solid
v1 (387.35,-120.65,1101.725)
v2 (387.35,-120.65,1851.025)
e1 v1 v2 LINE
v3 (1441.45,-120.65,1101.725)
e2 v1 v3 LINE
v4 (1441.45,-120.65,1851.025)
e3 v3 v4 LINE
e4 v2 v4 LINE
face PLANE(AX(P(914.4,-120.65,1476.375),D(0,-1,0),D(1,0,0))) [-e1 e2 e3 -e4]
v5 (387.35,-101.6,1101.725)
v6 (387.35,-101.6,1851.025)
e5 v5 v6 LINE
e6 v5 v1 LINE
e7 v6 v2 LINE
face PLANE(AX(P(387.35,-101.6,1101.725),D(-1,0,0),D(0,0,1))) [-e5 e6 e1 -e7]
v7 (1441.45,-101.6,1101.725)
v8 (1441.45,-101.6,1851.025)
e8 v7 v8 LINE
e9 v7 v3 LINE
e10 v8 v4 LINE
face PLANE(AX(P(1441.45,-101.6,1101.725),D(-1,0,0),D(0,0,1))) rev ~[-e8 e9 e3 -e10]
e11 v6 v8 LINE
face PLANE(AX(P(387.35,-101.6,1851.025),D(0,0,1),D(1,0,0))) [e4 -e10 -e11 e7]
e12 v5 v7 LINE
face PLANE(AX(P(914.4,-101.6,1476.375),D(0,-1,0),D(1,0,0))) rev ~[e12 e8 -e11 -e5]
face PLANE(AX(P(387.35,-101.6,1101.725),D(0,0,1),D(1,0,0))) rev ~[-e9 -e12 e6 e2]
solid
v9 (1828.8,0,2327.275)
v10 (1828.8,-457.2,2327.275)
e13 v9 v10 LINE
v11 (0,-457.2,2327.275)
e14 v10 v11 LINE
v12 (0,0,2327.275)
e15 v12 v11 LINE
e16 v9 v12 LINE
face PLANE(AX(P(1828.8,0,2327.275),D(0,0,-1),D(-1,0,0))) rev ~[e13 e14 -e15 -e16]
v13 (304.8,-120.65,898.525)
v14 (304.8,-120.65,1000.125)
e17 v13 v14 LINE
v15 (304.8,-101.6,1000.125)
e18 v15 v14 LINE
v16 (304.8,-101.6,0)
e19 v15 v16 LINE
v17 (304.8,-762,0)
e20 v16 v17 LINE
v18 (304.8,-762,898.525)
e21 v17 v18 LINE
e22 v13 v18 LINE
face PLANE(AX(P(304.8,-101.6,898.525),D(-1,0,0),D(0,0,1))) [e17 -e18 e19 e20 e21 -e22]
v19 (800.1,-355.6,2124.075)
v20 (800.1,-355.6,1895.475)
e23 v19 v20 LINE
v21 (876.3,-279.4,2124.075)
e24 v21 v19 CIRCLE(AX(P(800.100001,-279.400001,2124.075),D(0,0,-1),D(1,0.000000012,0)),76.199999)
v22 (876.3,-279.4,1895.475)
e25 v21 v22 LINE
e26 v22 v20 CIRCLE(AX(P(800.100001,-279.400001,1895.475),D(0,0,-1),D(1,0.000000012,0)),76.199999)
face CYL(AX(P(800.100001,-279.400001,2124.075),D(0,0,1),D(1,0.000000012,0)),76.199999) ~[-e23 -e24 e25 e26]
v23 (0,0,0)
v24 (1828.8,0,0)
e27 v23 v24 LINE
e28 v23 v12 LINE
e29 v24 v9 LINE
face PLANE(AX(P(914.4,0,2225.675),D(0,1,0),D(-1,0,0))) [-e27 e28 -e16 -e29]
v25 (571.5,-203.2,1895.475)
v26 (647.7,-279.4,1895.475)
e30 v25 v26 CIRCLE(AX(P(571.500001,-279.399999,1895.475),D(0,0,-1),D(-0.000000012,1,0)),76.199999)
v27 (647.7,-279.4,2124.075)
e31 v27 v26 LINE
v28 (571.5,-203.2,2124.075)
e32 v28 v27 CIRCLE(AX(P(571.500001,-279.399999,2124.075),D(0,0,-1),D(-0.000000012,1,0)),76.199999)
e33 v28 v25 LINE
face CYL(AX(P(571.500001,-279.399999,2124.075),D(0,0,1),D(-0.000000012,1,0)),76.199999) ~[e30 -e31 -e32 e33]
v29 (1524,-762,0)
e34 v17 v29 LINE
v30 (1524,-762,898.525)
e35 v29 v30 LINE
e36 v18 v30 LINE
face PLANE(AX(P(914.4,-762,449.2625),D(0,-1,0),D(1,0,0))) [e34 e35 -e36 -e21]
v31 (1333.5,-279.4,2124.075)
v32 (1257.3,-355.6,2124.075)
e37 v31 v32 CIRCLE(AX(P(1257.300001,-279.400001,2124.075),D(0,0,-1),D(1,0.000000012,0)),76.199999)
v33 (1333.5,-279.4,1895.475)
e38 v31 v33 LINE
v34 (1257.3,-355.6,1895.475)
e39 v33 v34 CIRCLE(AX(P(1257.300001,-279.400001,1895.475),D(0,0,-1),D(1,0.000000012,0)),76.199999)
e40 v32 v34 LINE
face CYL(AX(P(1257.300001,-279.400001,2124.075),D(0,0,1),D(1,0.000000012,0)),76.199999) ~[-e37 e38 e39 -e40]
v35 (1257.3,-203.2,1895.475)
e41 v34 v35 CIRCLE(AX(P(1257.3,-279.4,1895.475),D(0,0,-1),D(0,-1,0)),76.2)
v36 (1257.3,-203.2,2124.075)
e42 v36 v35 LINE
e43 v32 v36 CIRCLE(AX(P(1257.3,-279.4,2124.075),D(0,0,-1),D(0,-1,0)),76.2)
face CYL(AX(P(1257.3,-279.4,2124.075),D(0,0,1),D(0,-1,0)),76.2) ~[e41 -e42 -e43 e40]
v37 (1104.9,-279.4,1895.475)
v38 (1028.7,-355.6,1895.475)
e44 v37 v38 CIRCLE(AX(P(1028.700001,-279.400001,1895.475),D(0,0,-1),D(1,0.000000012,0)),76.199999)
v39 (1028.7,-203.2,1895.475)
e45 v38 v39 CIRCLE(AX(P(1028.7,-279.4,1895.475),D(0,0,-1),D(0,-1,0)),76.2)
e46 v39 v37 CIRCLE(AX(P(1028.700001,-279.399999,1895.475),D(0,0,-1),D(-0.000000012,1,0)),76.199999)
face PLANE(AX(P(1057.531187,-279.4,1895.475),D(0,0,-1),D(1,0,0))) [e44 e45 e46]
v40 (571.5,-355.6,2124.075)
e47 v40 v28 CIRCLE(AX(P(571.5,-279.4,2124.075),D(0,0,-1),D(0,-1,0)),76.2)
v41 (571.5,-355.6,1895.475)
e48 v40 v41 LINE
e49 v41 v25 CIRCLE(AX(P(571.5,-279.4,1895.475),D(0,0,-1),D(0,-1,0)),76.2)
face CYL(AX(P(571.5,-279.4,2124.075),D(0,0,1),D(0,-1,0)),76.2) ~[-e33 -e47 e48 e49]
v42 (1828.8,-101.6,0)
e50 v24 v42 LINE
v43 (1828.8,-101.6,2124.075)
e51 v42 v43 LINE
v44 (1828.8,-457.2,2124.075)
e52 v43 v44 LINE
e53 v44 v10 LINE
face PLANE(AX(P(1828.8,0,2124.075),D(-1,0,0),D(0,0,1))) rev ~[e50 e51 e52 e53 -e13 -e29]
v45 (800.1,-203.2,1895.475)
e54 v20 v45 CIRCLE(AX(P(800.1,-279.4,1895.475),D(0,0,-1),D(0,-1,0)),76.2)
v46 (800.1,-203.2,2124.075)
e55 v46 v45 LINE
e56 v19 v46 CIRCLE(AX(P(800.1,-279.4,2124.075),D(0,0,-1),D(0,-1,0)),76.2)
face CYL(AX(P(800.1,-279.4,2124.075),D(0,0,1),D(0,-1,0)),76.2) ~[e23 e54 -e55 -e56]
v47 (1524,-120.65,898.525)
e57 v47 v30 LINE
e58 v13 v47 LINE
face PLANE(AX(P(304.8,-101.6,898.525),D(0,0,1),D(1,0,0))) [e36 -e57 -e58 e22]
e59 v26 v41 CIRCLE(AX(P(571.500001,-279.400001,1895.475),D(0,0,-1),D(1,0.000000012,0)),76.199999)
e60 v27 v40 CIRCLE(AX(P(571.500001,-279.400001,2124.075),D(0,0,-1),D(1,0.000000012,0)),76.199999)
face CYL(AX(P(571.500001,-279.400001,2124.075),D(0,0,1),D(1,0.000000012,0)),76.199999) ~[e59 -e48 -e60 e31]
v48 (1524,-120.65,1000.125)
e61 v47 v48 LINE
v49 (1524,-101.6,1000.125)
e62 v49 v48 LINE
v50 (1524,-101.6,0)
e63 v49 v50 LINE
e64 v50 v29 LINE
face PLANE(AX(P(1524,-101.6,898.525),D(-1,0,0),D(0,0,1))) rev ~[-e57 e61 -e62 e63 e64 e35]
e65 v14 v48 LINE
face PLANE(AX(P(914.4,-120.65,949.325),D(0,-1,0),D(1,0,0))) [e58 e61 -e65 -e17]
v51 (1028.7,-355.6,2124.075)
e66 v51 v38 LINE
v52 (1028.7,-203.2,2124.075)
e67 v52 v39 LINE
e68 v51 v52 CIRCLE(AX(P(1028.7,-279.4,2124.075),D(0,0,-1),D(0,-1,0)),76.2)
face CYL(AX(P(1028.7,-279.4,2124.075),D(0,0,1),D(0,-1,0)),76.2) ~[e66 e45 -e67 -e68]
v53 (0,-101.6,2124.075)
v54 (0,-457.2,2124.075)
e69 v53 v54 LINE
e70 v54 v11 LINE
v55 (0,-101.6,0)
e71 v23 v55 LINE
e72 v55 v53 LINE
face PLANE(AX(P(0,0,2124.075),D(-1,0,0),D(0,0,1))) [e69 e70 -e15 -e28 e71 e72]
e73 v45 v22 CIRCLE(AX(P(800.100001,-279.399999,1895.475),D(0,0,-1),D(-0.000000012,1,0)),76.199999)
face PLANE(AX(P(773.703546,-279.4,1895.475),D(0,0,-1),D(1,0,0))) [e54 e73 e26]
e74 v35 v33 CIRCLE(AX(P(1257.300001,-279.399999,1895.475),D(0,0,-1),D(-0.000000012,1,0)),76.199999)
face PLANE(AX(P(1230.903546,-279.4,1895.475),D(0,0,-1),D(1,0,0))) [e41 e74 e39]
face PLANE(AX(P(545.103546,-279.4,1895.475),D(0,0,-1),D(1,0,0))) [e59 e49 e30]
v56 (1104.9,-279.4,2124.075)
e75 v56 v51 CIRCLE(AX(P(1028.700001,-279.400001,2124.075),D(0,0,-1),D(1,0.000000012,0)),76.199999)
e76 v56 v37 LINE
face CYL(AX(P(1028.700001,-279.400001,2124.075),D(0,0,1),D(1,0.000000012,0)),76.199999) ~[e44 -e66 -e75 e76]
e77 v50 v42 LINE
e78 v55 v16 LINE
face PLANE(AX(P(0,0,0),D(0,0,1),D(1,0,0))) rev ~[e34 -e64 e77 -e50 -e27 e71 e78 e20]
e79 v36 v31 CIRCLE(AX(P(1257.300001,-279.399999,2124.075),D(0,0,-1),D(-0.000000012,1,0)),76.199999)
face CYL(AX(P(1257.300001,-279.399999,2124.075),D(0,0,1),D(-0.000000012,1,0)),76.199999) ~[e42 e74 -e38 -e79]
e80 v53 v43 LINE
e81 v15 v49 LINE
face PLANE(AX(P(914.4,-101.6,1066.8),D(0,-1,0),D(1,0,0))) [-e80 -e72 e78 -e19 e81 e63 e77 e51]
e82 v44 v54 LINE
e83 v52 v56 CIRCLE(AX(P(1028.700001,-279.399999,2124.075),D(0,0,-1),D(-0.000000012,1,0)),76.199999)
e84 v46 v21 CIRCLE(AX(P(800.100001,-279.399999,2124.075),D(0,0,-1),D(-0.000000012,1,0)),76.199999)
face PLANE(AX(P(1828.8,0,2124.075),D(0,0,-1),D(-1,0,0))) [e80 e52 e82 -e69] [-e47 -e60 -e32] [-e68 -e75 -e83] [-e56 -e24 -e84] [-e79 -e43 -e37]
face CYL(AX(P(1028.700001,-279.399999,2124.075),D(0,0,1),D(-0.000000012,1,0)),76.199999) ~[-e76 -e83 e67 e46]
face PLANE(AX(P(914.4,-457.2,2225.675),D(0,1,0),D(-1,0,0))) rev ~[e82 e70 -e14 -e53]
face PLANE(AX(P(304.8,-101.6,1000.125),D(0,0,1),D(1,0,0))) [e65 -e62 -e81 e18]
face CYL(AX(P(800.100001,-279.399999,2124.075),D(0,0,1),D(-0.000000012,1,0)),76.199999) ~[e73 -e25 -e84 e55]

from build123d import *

# Parameters (mm, degrees)
F0_W      = 1828.8
F0_H      = 2133.6
F1_DEPTH  = 101.6
F2_W      = 1219.2
F2_H      = 898.525
F3_DEPTH  = 660.4
F4_W      = 1219.2
F4_H      = 101.6
F5_DEPTH  = 19.05
F6_W      = 1828.8
F6_H      = 9.525
F7_DEPTH  = 101.601
F8_W      = 1054.1
F8_H      = 749.3
F9_DEPTH  = 19.05
F10_W     = 1828.8
F10_H     = 203.2
F11_DEPTH = 457.2
F13_DEPTH = 228.6


with BuildPart() as f1:
    # F0 (on Front) → F1 (new body)
    with BuildSketch(Plane.XZ):
        with Locations((914.4, 1066.8)):
            Rectangle(F0_W, F0_H)
    extrude(amount=F1_DEPTH)

    # F2 (on face) → F3 (join)
    with BuildSketch(Plane.XZ.offset(101.6)):
        with Locations((914.4, 449.2625)):
            Rectangle(F2_W, F2_H)
    extrude(amount=F3_DEPTH)

    # F4 (on face) → F5 (join)
    with BuildSketch(Plane.XZ.offset(101.6)):
        with Locations((914.4, 949.325)):
            Rectangle(F4_W, F4_H)
    extrude(amount=F5_DEPTH)

    # F6 (on face) → F7 (cut, through all)
    with BuildSketch(Plane.XZ.offset(101.6)):
        with Locations((914.4, 2128.8375)):
            Rectangle(F6_W, F6_H)
    extrude(amount=-F7_DEPTH, mode=Mode.SUBTRACT)

    # F10 (on face) → F11 (join)
    with BuildSketch(Plane(origin=(0, 0, 0), x_dir=(-1, 0, 0), z_dir=(0, 1, 0))):
        with Locations((-914.4, 2225.675)):
            Rectangle(F10_W, F10_H)
    extrude(amount=-F11_DEPTH)

    # F12 (on face) → F13 (join)
    with BuildSketch(Plane(origin=(0, 0, 2124.075), x_dir=(1, 0, 0), z_dir=(0, 0, -1))):
        with BuildLine():
            ThreePointArc((571.5, 355.6), (495.3, 279.4), (571.5, 203.2))
            Line((571.5, 203.2), (571.5, 355.6))
        make_face()
        with BuildLine():
            ThreePointArc((800.1, 355.6), (723.9, 279.4), (800.1, 203.2))
            Line((800.1, 203.2), (800.1, 355.6))
        make_face()
        with BuildLine():
            Line((1028.7, 355.6), (1028.7, 203.2))
            ThreePointArc((1028.7, 203.2), (1082.581537, 225.518463), (1104.9, 279.4))
            ThreePointArc((1104.9, 279.4), (1082.581537, 333.281537), (1028.7, 355.6))
        make_face()
        with BuildLine():
            ThreePointArc((1028.7, 355.6), (952.5, 279.4), (1028.7, 203.2))
            Line((1028.7, 203.2), (1028.7, 355.6))
        make_face()
        with BuildLine():
            Line((800.1, 355.6), (800.1, 203.2))
            ThreePointArc((800.1, 203.2), (853.981537, 225.518463), (876.3, 279.4))
            ThreePointArc((876.3, 279.4), (853.981537, 333.281537), (800.1, 355.6))
        make_face()
        with BuildLine():
            Line((571.5, 355.6), (571.5, 203.2))
            ThreePointArc((571.5, 203.2), (625.381537, 225.518463), (647.7, 279.4))
            ThreePointArc((647.7, 279.4), (625.381537, 333.281537), (571.5, 355.6))
        make_face()
        with BuildLine():
            ThreePointArc((1257.3, 355.6), (1181.1, 279.4), (1257.3, 203.2))
            Line((1257.3, 203.2), (1257.3, 355.6))
        make_face()
        with BuildLine():
            Line((1257.3, 355.6), (1257.3, 203.2))
            ThreePointArc((1257.3, 203.2), (1311.181537, 225.518463), (1333.5, 279.4))
            ThreePointArc((1333.5, 279.4), (1311.181537, 333.281537), (1257.3, 355.6))
        make_face()
    extrude(amount=F13_DEPTH)


with BuildPart() as f9:
    # F8 (on face) → F9 (new body)
    with BuildSketch(Plane.XZ.offset(101.6)):
        with Locations((914.4, 1476.375)):
            Rectangle(F8_W, F8_H)
    extrude(amount=F9_DEPTH)


solid = Compound([f1.part, f9.part])
